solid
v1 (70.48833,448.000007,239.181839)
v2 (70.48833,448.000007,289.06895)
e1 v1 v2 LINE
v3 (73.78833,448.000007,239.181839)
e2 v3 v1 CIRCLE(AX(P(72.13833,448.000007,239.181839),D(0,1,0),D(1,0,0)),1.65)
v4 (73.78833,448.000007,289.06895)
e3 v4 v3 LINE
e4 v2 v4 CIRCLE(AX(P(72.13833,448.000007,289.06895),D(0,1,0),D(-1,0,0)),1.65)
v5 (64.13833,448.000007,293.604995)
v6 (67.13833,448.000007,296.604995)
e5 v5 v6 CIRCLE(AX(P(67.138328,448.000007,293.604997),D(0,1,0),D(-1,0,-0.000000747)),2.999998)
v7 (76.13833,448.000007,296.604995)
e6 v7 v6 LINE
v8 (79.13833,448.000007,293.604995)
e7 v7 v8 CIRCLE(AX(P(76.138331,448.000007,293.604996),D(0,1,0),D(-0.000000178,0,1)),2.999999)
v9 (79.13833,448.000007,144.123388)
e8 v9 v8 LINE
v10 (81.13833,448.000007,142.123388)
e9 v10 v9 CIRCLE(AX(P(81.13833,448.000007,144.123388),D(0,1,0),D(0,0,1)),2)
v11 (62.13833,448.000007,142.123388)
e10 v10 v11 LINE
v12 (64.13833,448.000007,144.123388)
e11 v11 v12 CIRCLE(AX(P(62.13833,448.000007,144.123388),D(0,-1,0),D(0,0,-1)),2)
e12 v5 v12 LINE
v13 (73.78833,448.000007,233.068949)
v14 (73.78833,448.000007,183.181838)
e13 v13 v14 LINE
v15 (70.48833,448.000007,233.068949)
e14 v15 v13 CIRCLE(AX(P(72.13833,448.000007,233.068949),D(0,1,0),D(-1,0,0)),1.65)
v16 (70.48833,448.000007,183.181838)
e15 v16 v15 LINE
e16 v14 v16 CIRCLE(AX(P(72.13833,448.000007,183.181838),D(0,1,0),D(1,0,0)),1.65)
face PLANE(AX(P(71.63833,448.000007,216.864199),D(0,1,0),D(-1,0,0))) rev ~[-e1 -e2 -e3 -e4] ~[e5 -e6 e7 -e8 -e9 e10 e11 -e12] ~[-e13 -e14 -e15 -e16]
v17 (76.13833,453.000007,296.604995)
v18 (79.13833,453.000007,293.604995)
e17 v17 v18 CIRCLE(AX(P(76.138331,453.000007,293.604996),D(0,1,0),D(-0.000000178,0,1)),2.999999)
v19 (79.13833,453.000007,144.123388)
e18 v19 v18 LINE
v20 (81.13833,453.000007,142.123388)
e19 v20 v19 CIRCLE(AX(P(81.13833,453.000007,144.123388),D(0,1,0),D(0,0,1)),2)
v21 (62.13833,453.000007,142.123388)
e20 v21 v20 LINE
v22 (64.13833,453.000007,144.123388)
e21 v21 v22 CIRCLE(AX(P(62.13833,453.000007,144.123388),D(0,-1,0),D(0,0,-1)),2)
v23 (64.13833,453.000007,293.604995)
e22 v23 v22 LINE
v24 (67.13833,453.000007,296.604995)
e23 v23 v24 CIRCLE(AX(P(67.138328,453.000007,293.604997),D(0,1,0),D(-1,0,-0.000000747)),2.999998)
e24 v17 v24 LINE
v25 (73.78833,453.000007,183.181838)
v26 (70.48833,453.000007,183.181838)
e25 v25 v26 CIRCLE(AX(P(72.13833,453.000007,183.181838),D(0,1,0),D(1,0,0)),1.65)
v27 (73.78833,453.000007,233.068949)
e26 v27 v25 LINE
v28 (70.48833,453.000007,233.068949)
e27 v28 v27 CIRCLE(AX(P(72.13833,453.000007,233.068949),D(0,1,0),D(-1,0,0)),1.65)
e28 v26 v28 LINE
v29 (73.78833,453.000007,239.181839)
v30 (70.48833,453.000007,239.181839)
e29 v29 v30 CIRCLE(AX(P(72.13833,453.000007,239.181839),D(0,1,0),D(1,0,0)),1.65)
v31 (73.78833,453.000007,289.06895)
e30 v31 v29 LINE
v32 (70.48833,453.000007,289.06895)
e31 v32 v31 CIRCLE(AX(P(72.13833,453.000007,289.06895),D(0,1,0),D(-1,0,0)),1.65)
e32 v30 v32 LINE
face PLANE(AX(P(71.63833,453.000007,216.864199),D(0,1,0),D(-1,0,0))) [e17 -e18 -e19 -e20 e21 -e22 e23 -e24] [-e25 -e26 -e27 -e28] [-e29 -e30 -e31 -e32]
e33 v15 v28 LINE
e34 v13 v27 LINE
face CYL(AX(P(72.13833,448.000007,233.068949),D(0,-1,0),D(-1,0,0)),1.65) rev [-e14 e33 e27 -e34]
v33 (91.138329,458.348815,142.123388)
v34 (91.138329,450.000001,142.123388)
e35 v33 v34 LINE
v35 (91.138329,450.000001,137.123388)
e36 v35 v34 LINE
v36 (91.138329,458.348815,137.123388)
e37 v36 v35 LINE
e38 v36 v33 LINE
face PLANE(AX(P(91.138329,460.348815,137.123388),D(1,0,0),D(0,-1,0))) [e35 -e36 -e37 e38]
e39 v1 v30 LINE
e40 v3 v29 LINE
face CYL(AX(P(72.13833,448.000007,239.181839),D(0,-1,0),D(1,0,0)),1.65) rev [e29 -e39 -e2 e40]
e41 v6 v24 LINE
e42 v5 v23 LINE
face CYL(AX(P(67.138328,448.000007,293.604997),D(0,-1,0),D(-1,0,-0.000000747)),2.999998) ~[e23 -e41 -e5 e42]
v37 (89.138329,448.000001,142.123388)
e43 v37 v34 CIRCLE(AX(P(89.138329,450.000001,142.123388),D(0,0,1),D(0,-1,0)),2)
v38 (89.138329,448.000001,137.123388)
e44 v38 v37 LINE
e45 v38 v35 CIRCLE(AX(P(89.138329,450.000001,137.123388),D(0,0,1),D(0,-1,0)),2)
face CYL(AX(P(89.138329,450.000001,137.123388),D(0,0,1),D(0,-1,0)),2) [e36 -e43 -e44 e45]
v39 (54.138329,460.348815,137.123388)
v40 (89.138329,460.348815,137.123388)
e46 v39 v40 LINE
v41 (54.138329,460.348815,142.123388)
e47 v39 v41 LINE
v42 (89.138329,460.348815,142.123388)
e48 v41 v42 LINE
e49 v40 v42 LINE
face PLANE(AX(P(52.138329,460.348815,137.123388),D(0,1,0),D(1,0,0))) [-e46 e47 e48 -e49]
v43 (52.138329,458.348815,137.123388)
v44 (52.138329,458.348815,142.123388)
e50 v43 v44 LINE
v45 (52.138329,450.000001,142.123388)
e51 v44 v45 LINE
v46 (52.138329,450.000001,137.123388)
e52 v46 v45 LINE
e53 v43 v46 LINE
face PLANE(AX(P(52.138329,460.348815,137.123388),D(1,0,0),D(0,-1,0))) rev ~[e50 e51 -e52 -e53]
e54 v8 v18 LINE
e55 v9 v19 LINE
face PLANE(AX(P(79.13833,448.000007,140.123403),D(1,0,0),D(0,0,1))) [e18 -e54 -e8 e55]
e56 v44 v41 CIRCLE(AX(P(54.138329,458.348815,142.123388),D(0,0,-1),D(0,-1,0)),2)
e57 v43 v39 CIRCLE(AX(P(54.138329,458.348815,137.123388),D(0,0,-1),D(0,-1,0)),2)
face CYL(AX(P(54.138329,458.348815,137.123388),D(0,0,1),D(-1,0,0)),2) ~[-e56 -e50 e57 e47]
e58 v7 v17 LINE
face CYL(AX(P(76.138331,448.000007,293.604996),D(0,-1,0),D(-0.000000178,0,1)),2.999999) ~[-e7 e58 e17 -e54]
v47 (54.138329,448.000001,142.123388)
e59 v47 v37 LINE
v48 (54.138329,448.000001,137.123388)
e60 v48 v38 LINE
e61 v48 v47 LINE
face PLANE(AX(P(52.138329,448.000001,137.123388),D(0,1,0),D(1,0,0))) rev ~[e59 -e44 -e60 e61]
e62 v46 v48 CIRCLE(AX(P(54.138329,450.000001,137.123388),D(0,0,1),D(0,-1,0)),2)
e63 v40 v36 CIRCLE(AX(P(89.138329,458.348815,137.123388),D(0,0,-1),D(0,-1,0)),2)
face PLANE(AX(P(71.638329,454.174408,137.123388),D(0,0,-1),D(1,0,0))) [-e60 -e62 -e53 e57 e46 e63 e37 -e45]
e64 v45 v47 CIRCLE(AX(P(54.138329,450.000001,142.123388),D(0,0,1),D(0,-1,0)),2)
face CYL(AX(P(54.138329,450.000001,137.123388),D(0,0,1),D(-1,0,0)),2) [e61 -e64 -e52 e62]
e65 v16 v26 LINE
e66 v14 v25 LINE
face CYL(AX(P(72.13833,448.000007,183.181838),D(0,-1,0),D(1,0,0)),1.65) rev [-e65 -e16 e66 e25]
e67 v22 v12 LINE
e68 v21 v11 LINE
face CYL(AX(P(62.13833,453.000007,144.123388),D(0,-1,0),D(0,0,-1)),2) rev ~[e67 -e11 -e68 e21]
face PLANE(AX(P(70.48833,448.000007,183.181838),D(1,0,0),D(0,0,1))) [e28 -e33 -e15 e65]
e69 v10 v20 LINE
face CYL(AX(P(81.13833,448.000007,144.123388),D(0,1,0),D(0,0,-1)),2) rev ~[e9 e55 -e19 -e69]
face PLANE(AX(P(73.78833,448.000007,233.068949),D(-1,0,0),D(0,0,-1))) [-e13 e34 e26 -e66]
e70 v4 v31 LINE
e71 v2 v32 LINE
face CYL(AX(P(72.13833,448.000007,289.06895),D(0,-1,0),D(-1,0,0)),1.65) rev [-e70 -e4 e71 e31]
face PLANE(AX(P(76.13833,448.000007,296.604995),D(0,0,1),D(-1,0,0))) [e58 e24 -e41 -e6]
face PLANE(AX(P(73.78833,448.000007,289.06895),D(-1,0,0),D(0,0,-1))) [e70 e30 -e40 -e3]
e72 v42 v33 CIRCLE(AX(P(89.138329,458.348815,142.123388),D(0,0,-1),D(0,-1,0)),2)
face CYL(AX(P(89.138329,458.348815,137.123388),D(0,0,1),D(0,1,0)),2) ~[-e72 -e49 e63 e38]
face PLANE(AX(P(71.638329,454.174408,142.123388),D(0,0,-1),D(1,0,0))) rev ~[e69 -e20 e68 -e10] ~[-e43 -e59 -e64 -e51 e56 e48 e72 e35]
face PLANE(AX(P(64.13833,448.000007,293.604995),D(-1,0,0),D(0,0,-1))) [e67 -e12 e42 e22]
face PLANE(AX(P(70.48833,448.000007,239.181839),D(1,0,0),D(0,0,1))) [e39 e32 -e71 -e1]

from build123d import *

# Parameters (mm, degrees)
PAD_DEPTH    = 5
SKETCH001_W  = 39
SKETCH001_H  = 12.348814
PAD001_DEPTH = 5
FILLET_R     = 2
FILLET001_R  = 2


with BuildPart() as part:
    # Sketch (on Face5 of Binder) → Pad (new body)
    with BuildSketch(Plane(origin=(8e-06, 448.000007, 1.5e-05), x_dir=(-1, 0, 0), z_dir=(0, 1, 0))):
        with BuildLine():
            ThreePointArc((-76.138322, 296.60498), (-78.259642, 295.726301), (-79.138322, 293.60498))
            Line((-79.138322, 140.123388), (-79.138322, 293.60498))
            ThreePointArc((-79.138322, 140.123388), (-78.259642, 138.002067), (-76.138322, 137.123388))
            Line((-67.138322, 137.123388), (-76.138322, 137.123388))
            ThreePointArc((-67.138322, 137.123388), (-65.017001, 138.002067), (-64.138322, 140.123388))
            Line((-64.138322, 293.60498), (-64.138322, 140.123388))
            ThreePointArc((-64.138322, 293.60498), (-65.017001, 295.726301), (-67.138322, 296.60498))
            Line((-76.138322, 296.60498), (-67.138322, 296.60498))
        make_face()
        with BuildLine():
            ThreePointArc((-70.488322, 289.068935), (-72.138322, 290.718935), (-73.788322, 289.068935))
            Line((-73.788322, 289.068935), (-73.788322, 239.181824))
            ThreePointArc((-73.788322, 239.181824), (-72.138322, 237.531824), (-70.488322, 239.181824))
            Line((-70.488322, 239.181824), (-70.488322, 289.068935))
        make_face(mode=Mode.SUBTRACT)
        with BuildLine():
            ThreePointArc((-70.488322, 233.068934), (-72.138322, 234.718934), (-73.788322, 233.068934))
            Line((-73.788322, 233.068934), (-73.788322, 183.181823))
            ThreePointArc((-73.788322, 183.181823), (-72.138322, 181.531823), (-70.488322, 183.181823))
            Line((-70.488322, 183.181823), (-70.488322, 233.068934))
        make_face(mode=Mode.SUBTRACT)
    extrude(amount=PAD_DEPTH)

    # Sketch001 (on Face4 of Pad) → Pad001 (join)
    with BuildSketch(Plane(origin=(0, -5e-06, 137.123388), x_dir=(1, 0, 0), z_dir=(0, 0, -1))):
        with Locations((71.638329, -454.174413)):
            Rectangle(SKETCH001_W, SKETCH001_H)
    extrude(amount=-PAD001_DEPTH)

    # Fillet
    fillet_edges = [part.edges().sort_by_distance(p)[0] for p in [
        (52.138329, 460.348815, 139.623403),
        (91.138329, 460.348815, 139.623403),
        (52.138329, 448.000002, 139.623403),
        (91.138329, 448.000002, 139.623403),
    ]]
    fillet(fillet_edges, radius=FILLET_R)

    # Fillet001
    fillet001_edges = [part.edges().sort_by_distance(p)[0] for p in [
        (79.13833, 450.500001, 142.123403),
        (64.13833, 450.500002, 142.123403),
    ]]
    fillet(fillet001_edges, radius=FILLET001_R)


solid = part.part
